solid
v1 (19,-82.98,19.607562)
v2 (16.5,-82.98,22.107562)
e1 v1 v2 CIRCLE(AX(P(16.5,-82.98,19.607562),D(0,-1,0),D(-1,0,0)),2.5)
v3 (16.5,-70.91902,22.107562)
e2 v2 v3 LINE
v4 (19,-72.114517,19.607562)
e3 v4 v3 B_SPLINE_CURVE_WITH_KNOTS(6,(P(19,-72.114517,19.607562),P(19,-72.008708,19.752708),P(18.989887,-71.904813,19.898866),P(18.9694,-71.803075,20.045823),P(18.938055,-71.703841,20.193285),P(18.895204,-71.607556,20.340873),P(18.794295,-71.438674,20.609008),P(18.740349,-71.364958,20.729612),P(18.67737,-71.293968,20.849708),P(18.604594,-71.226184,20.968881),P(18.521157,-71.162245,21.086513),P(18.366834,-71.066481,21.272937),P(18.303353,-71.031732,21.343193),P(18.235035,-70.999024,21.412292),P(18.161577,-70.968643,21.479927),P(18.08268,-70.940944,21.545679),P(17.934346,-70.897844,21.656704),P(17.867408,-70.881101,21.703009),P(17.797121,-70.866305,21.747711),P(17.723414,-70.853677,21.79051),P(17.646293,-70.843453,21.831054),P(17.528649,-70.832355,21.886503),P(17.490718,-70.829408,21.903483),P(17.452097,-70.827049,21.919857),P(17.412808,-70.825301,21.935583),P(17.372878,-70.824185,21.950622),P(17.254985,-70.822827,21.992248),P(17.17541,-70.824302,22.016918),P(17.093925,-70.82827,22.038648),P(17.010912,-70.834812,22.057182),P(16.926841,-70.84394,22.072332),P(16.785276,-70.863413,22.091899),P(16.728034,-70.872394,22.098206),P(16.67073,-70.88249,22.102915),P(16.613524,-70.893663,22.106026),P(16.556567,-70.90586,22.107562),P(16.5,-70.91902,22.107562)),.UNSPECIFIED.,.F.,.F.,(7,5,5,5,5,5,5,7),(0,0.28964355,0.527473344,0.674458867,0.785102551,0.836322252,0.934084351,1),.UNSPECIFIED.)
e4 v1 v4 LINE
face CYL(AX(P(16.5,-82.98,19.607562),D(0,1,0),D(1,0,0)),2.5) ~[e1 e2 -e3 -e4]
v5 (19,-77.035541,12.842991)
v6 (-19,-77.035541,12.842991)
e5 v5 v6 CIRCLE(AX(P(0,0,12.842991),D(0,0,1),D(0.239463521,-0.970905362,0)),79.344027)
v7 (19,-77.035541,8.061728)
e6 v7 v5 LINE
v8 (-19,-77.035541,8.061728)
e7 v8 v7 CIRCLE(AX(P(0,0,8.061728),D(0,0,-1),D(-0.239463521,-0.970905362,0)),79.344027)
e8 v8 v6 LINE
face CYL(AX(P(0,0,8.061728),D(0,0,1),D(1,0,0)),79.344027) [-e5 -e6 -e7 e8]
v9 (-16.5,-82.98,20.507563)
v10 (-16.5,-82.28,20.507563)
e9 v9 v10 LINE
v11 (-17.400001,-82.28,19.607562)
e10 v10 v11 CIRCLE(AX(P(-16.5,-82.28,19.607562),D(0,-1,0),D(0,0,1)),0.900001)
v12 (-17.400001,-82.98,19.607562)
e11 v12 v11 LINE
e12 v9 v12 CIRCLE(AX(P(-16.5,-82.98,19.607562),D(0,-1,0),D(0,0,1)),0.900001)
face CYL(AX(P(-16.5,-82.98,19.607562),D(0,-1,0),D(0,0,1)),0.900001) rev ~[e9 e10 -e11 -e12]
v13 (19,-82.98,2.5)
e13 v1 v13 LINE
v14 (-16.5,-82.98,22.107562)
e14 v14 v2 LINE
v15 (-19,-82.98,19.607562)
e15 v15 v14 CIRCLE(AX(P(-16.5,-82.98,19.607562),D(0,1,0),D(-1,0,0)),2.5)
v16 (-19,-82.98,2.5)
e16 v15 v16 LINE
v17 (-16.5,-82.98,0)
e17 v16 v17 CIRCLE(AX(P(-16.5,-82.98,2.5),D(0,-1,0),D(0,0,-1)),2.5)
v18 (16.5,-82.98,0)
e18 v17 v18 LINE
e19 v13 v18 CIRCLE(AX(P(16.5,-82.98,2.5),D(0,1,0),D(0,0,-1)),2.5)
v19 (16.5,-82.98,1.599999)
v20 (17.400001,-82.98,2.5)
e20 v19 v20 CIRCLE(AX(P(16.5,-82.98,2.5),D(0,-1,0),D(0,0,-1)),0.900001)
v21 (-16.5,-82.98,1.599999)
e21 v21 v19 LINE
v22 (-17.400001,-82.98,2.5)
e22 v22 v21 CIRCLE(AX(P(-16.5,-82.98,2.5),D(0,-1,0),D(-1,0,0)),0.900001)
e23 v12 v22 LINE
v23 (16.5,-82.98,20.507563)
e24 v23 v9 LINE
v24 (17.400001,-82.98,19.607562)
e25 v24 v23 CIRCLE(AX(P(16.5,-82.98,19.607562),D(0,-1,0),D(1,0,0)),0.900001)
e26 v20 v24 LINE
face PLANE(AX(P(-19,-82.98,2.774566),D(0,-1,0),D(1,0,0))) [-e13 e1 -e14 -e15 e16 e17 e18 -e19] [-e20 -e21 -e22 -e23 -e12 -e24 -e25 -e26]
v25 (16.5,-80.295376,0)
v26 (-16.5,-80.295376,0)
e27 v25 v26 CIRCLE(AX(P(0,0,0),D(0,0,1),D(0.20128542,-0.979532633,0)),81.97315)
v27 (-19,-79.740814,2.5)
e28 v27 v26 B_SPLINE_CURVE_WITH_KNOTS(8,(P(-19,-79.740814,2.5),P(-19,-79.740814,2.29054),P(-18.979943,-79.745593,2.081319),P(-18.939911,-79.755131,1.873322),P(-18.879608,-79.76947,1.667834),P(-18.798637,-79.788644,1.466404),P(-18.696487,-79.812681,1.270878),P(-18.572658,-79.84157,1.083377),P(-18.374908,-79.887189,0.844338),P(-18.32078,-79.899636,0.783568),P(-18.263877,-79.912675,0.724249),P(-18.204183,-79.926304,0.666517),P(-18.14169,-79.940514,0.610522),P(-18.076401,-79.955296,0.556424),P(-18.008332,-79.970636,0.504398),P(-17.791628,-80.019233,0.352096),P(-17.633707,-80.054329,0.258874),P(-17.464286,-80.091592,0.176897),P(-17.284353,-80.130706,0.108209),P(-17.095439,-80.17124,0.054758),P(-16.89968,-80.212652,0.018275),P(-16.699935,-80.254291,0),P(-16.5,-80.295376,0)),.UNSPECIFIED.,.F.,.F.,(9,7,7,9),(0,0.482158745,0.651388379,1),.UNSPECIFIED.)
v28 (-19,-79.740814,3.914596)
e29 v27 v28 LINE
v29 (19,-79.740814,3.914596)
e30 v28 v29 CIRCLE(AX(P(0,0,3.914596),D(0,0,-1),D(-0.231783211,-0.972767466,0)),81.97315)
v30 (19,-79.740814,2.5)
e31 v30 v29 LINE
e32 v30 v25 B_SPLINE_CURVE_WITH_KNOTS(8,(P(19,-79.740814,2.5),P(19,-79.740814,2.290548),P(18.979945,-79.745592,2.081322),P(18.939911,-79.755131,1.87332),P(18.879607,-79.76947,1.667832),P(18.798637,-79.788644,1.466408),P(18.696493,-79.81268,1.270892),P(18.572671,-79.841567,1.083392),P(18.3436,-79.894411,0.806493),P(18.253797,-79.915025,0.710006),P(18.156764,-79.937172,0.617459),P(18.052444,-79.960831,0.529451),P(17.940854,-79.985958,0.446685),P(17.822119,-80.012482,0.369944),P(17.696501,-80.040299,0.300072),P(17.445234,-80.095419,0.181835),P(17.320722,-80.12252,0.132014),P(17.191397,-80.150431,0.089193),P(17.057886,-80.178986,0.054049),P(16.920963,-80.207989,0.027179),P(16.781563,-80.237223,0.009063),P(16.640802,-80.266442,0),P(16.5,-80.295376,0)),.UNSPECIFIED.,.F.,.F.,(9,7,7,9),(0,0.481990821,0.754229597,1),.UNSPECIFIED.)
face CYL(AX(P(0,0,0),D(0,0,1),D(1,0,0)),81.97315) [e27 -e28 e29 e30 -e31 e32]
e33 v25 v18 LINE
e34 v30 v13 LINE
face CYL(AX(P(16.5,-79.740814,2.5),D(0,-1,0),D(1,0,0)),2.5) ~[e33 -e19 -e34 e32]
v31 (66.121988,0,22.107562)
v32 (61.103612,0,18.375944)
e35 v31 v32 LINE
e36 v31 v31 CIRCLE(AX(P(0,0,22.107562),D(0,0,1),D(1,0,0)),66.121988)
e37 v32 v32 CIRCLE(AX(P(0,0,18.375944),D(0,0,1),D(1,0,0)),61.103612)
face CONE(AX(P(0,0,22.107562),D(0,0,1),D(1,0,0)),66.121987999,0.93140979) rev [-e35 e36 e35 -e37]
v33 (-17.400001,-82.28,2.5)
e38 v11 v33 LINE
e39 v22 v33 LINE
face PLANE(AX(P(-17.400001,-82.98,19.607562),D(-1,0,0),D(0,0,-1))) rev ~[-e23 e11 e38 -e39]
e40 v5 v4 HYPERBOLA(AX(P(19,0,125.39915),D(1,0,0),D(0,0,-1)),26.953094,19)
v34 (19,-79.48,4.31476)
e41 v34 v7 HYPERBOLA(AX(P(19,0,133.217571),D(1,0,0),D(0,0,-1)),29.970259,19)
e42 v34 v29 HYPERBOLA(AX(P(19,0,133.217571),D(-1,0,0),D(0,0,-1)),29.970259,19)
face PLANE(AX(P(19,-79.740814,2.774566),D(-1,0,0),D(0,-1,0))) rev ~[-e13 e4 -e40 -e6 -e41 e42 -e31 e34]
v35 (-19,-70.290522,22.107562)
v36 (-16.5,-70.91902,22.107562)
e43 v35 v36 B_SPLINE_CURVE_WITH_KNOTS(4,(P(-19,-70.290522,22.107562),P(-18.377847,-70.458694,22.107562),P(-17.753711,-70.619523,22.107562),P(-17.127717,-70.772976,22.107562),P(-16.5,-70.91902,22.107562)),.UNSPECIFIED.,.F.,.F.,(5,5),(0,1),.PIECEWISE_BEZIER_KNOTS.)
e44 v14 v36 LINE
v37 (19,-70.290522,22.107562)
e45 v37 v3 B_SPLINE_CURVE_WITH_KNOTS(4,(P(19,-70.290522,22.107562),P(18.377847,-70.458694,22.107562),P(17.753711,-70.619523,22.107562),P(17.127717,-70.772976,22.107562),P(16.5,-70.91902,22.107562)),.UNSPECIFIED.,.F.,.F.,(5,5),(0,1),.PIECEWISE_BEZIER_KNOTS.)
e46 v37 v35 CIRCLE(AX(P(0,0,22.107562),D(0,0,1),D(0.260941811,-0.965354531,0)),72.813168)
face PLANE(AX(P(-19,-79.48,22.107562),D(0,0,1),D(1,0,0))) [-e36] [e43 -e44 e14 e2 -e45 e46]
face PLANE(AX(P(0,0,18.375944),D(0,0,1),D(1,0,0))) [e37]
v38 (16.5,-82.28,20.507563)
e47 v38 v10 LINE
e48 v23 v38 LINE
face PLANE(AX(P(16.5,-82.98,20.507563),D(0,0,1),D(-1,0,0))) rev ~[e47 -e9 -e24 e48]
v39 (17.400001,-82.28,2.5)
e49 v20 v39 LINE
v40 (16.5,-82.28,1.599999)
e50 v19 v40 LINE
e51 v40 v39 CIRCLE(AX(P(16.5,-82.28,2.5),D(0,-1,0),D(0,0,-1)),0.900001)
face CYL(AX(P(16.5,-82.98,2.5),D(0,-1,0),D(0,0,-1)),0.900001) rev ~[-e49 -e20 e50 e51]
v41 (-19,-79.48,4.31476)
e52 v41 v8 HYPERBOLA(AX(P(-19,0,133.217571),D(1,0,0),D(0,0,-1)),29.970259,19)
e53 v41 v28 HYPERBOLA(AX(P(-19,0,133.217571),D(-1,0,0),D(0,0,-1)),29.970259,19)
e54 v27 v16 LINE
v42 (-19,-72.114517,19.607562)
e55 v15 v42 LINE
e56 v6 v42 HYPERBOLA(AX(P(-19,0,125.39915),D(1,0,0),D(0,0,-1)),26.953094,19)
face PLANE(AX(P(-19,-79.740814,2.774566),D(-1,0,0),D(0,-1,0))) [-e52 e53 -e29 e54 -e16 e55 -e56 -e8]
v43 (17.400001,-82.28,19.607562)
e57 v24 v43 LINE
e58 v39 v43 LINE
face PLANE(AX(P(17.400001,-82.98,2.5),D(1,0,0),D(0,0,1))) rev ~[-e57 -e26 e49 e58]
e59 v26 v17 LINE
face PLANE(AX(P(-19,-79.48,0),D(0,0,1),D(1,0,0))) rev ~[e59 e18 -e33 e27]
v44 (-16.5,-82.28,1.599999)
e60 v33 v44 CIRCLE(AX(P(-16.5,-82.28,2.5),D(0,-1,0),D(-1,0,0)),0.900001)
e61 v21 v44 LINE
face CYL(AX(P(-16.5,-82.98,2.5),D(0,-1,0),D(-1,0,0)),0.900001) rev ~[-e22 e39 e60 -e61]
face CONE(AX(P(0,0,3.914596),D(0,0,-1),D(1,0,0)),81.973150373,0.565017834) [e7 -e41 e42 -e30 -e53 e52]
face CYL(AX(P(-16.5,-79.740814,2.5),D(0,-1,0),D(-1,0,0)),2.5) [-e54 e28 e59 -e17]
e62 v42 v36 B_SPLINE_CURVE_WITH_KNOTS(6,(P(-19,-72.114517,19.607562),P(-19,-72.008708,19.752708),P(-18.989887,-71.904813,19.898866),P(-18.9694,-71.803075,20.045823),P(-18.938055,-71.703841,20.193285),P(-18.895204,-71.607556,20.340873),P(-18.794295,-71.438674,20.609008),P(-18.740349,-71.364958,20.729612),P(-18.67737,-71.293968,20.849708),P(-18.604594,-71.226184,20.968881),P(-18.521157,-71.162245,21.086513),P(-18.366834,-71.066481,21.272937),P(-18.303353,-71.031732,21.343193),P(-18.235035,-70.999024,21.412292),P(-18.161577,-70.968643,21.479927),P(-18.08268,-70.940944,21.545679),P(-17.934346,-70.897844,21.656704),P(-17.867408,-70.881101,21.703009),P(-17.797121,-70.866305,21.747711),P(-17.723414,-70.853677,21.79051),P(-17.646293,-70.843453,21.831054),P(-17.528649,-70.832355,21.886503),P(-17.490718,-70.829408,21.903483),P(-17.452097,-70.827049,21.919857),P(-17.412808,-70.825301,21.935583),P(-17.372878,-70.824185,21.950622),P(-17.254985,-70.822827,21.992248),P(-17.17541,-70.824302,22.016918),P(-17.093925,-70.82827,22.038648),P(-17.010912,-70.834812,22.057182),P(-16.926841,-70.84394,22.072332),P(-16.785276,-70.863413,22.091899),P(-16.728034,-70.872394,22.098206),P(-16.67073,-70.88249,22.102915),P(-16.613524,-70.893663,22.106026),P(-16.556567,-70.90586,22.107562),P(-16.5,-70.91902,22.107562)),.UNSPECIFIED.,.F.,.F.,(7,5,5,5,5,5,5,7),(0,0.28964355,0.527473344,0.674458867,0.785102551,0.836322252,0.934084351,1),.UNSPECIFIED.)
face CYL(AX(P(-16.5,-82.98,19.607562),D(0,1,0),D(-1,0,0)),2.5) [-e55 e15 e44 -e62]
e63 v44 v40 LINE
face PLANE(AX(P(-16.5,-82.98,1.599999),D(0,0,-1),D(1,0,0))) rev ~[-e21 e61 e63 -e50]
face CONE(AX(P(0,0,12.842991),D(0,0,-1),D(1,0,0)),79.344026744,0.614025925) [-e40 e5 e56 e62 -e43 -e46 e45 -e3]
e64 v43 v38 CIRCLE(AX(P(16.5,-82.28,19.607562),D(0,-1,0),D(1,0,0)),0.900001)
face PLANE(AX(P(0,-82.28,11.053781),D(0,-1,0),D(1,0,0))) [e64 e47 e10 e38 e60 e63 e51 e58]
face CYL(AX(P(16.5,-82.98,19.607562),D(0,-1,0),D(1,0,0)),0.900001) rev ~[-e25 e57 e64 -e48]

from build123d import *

# Parameters (mm, degrees)
F3_W     = 38
F3_H     = 19.3329955554
F4_DEPTH = 12.3
F5_DEPTH = 3.5
F6_DEPTH = 2.7745664948
F7_R     = 2.5
F9_DEPTH = 0.7


with BuildPart() as f1:
    # F0 (on Front) → F1 (revolve)
    with BuildSketch(Plane.XZ):
        Polygon((0, 18.3759443462), (0, 0), (81.9731503725, 0), (81.9731503725, 3.9145960473), (79.3440267444, 8.0617284402), (79.3440267444, 12.8429912047), (72.8131681681, 22.1075620502), (66.1219879985, 22.1075620502), (61.1036121845, 18.3759443462), align=None)
    revolve(axis=Axis((0, 0, 9.1879721731), (0, 0, 1)))

    # F3 (on offset) → F4 (join)
    with BuildSketch(Plane.XZ.offset(79.48)):
        with Locations((0, 12.4410642725)):
            Rectangle(F3_W, F3_H)
    extrude(amount=-F4_DEPTH)

    # F3 (on offset) → F5 (join)
    with BuildSketch(Plane.XZ.offset(79.48)):
        with Locations((0, 12.4410642725)):
            Rectangle(F3_W, F3_H)
    extrude(amount=F5_DEPTH)

    # F6 (add, through all): a face of the model
    f6_faces = [f1.faces().sort_by_distance(p)[0] for p in [
        (0, -81.9802862149, 2.7745664948),
    ]]
    extrude(f6_faces, amount=F6_DEPTH)

    # F7
    f7_edges = [f1.edges().sort_by_distance(p)[0] for p in [
        (-19, -76.635261, 22.107562),
        (19, -76.635261, 22.107562),
        (19, -81.360407, 0),
        (-19, -81.360407, 0),
    ]]
    fillet(f7_edges, radius=F7_R)

    # F8 (on face) → F9 (cut)
    with BuildSketch(Plane.XZ.offset(82.98)):
        with BuildLine():
            Line((16.5, 20.5075629056), (-16.5, 20.5075629056))
            ThreePointArc((-16.5, 20.5075629056), (-17.1363967079, 20.2439587581), (-17.4000008553, 19.6075620502))
            Line((-17.4000008553, 19.6075620502), (-17.4000008553, 2.5))
            ThreePointArc((-17.4000008553, 2.5), (-17.1363967079, 1.8636032921), (-16.5, 1.5999991447))
            Line((-16.5, 1.5999991447), (16.5, 1.5999991447))
            ThreePointArc((16.5, 1.5999991447), (17.1363967079, 1.8636032921), (17.4000008553, 2.5))
            Line((17.4000008553, 2.5), (17.4000008553, 19.6075620502))
            ThreePointArc((17.4000008553, 19.6075620502), (17.1363967079, 20.2439587581), (16.5, 20.5075629056))
        make_face()
    extrude(amount=-F9_DEPTH, mode=Mode.SUBTRACT)


solid = f1.part
